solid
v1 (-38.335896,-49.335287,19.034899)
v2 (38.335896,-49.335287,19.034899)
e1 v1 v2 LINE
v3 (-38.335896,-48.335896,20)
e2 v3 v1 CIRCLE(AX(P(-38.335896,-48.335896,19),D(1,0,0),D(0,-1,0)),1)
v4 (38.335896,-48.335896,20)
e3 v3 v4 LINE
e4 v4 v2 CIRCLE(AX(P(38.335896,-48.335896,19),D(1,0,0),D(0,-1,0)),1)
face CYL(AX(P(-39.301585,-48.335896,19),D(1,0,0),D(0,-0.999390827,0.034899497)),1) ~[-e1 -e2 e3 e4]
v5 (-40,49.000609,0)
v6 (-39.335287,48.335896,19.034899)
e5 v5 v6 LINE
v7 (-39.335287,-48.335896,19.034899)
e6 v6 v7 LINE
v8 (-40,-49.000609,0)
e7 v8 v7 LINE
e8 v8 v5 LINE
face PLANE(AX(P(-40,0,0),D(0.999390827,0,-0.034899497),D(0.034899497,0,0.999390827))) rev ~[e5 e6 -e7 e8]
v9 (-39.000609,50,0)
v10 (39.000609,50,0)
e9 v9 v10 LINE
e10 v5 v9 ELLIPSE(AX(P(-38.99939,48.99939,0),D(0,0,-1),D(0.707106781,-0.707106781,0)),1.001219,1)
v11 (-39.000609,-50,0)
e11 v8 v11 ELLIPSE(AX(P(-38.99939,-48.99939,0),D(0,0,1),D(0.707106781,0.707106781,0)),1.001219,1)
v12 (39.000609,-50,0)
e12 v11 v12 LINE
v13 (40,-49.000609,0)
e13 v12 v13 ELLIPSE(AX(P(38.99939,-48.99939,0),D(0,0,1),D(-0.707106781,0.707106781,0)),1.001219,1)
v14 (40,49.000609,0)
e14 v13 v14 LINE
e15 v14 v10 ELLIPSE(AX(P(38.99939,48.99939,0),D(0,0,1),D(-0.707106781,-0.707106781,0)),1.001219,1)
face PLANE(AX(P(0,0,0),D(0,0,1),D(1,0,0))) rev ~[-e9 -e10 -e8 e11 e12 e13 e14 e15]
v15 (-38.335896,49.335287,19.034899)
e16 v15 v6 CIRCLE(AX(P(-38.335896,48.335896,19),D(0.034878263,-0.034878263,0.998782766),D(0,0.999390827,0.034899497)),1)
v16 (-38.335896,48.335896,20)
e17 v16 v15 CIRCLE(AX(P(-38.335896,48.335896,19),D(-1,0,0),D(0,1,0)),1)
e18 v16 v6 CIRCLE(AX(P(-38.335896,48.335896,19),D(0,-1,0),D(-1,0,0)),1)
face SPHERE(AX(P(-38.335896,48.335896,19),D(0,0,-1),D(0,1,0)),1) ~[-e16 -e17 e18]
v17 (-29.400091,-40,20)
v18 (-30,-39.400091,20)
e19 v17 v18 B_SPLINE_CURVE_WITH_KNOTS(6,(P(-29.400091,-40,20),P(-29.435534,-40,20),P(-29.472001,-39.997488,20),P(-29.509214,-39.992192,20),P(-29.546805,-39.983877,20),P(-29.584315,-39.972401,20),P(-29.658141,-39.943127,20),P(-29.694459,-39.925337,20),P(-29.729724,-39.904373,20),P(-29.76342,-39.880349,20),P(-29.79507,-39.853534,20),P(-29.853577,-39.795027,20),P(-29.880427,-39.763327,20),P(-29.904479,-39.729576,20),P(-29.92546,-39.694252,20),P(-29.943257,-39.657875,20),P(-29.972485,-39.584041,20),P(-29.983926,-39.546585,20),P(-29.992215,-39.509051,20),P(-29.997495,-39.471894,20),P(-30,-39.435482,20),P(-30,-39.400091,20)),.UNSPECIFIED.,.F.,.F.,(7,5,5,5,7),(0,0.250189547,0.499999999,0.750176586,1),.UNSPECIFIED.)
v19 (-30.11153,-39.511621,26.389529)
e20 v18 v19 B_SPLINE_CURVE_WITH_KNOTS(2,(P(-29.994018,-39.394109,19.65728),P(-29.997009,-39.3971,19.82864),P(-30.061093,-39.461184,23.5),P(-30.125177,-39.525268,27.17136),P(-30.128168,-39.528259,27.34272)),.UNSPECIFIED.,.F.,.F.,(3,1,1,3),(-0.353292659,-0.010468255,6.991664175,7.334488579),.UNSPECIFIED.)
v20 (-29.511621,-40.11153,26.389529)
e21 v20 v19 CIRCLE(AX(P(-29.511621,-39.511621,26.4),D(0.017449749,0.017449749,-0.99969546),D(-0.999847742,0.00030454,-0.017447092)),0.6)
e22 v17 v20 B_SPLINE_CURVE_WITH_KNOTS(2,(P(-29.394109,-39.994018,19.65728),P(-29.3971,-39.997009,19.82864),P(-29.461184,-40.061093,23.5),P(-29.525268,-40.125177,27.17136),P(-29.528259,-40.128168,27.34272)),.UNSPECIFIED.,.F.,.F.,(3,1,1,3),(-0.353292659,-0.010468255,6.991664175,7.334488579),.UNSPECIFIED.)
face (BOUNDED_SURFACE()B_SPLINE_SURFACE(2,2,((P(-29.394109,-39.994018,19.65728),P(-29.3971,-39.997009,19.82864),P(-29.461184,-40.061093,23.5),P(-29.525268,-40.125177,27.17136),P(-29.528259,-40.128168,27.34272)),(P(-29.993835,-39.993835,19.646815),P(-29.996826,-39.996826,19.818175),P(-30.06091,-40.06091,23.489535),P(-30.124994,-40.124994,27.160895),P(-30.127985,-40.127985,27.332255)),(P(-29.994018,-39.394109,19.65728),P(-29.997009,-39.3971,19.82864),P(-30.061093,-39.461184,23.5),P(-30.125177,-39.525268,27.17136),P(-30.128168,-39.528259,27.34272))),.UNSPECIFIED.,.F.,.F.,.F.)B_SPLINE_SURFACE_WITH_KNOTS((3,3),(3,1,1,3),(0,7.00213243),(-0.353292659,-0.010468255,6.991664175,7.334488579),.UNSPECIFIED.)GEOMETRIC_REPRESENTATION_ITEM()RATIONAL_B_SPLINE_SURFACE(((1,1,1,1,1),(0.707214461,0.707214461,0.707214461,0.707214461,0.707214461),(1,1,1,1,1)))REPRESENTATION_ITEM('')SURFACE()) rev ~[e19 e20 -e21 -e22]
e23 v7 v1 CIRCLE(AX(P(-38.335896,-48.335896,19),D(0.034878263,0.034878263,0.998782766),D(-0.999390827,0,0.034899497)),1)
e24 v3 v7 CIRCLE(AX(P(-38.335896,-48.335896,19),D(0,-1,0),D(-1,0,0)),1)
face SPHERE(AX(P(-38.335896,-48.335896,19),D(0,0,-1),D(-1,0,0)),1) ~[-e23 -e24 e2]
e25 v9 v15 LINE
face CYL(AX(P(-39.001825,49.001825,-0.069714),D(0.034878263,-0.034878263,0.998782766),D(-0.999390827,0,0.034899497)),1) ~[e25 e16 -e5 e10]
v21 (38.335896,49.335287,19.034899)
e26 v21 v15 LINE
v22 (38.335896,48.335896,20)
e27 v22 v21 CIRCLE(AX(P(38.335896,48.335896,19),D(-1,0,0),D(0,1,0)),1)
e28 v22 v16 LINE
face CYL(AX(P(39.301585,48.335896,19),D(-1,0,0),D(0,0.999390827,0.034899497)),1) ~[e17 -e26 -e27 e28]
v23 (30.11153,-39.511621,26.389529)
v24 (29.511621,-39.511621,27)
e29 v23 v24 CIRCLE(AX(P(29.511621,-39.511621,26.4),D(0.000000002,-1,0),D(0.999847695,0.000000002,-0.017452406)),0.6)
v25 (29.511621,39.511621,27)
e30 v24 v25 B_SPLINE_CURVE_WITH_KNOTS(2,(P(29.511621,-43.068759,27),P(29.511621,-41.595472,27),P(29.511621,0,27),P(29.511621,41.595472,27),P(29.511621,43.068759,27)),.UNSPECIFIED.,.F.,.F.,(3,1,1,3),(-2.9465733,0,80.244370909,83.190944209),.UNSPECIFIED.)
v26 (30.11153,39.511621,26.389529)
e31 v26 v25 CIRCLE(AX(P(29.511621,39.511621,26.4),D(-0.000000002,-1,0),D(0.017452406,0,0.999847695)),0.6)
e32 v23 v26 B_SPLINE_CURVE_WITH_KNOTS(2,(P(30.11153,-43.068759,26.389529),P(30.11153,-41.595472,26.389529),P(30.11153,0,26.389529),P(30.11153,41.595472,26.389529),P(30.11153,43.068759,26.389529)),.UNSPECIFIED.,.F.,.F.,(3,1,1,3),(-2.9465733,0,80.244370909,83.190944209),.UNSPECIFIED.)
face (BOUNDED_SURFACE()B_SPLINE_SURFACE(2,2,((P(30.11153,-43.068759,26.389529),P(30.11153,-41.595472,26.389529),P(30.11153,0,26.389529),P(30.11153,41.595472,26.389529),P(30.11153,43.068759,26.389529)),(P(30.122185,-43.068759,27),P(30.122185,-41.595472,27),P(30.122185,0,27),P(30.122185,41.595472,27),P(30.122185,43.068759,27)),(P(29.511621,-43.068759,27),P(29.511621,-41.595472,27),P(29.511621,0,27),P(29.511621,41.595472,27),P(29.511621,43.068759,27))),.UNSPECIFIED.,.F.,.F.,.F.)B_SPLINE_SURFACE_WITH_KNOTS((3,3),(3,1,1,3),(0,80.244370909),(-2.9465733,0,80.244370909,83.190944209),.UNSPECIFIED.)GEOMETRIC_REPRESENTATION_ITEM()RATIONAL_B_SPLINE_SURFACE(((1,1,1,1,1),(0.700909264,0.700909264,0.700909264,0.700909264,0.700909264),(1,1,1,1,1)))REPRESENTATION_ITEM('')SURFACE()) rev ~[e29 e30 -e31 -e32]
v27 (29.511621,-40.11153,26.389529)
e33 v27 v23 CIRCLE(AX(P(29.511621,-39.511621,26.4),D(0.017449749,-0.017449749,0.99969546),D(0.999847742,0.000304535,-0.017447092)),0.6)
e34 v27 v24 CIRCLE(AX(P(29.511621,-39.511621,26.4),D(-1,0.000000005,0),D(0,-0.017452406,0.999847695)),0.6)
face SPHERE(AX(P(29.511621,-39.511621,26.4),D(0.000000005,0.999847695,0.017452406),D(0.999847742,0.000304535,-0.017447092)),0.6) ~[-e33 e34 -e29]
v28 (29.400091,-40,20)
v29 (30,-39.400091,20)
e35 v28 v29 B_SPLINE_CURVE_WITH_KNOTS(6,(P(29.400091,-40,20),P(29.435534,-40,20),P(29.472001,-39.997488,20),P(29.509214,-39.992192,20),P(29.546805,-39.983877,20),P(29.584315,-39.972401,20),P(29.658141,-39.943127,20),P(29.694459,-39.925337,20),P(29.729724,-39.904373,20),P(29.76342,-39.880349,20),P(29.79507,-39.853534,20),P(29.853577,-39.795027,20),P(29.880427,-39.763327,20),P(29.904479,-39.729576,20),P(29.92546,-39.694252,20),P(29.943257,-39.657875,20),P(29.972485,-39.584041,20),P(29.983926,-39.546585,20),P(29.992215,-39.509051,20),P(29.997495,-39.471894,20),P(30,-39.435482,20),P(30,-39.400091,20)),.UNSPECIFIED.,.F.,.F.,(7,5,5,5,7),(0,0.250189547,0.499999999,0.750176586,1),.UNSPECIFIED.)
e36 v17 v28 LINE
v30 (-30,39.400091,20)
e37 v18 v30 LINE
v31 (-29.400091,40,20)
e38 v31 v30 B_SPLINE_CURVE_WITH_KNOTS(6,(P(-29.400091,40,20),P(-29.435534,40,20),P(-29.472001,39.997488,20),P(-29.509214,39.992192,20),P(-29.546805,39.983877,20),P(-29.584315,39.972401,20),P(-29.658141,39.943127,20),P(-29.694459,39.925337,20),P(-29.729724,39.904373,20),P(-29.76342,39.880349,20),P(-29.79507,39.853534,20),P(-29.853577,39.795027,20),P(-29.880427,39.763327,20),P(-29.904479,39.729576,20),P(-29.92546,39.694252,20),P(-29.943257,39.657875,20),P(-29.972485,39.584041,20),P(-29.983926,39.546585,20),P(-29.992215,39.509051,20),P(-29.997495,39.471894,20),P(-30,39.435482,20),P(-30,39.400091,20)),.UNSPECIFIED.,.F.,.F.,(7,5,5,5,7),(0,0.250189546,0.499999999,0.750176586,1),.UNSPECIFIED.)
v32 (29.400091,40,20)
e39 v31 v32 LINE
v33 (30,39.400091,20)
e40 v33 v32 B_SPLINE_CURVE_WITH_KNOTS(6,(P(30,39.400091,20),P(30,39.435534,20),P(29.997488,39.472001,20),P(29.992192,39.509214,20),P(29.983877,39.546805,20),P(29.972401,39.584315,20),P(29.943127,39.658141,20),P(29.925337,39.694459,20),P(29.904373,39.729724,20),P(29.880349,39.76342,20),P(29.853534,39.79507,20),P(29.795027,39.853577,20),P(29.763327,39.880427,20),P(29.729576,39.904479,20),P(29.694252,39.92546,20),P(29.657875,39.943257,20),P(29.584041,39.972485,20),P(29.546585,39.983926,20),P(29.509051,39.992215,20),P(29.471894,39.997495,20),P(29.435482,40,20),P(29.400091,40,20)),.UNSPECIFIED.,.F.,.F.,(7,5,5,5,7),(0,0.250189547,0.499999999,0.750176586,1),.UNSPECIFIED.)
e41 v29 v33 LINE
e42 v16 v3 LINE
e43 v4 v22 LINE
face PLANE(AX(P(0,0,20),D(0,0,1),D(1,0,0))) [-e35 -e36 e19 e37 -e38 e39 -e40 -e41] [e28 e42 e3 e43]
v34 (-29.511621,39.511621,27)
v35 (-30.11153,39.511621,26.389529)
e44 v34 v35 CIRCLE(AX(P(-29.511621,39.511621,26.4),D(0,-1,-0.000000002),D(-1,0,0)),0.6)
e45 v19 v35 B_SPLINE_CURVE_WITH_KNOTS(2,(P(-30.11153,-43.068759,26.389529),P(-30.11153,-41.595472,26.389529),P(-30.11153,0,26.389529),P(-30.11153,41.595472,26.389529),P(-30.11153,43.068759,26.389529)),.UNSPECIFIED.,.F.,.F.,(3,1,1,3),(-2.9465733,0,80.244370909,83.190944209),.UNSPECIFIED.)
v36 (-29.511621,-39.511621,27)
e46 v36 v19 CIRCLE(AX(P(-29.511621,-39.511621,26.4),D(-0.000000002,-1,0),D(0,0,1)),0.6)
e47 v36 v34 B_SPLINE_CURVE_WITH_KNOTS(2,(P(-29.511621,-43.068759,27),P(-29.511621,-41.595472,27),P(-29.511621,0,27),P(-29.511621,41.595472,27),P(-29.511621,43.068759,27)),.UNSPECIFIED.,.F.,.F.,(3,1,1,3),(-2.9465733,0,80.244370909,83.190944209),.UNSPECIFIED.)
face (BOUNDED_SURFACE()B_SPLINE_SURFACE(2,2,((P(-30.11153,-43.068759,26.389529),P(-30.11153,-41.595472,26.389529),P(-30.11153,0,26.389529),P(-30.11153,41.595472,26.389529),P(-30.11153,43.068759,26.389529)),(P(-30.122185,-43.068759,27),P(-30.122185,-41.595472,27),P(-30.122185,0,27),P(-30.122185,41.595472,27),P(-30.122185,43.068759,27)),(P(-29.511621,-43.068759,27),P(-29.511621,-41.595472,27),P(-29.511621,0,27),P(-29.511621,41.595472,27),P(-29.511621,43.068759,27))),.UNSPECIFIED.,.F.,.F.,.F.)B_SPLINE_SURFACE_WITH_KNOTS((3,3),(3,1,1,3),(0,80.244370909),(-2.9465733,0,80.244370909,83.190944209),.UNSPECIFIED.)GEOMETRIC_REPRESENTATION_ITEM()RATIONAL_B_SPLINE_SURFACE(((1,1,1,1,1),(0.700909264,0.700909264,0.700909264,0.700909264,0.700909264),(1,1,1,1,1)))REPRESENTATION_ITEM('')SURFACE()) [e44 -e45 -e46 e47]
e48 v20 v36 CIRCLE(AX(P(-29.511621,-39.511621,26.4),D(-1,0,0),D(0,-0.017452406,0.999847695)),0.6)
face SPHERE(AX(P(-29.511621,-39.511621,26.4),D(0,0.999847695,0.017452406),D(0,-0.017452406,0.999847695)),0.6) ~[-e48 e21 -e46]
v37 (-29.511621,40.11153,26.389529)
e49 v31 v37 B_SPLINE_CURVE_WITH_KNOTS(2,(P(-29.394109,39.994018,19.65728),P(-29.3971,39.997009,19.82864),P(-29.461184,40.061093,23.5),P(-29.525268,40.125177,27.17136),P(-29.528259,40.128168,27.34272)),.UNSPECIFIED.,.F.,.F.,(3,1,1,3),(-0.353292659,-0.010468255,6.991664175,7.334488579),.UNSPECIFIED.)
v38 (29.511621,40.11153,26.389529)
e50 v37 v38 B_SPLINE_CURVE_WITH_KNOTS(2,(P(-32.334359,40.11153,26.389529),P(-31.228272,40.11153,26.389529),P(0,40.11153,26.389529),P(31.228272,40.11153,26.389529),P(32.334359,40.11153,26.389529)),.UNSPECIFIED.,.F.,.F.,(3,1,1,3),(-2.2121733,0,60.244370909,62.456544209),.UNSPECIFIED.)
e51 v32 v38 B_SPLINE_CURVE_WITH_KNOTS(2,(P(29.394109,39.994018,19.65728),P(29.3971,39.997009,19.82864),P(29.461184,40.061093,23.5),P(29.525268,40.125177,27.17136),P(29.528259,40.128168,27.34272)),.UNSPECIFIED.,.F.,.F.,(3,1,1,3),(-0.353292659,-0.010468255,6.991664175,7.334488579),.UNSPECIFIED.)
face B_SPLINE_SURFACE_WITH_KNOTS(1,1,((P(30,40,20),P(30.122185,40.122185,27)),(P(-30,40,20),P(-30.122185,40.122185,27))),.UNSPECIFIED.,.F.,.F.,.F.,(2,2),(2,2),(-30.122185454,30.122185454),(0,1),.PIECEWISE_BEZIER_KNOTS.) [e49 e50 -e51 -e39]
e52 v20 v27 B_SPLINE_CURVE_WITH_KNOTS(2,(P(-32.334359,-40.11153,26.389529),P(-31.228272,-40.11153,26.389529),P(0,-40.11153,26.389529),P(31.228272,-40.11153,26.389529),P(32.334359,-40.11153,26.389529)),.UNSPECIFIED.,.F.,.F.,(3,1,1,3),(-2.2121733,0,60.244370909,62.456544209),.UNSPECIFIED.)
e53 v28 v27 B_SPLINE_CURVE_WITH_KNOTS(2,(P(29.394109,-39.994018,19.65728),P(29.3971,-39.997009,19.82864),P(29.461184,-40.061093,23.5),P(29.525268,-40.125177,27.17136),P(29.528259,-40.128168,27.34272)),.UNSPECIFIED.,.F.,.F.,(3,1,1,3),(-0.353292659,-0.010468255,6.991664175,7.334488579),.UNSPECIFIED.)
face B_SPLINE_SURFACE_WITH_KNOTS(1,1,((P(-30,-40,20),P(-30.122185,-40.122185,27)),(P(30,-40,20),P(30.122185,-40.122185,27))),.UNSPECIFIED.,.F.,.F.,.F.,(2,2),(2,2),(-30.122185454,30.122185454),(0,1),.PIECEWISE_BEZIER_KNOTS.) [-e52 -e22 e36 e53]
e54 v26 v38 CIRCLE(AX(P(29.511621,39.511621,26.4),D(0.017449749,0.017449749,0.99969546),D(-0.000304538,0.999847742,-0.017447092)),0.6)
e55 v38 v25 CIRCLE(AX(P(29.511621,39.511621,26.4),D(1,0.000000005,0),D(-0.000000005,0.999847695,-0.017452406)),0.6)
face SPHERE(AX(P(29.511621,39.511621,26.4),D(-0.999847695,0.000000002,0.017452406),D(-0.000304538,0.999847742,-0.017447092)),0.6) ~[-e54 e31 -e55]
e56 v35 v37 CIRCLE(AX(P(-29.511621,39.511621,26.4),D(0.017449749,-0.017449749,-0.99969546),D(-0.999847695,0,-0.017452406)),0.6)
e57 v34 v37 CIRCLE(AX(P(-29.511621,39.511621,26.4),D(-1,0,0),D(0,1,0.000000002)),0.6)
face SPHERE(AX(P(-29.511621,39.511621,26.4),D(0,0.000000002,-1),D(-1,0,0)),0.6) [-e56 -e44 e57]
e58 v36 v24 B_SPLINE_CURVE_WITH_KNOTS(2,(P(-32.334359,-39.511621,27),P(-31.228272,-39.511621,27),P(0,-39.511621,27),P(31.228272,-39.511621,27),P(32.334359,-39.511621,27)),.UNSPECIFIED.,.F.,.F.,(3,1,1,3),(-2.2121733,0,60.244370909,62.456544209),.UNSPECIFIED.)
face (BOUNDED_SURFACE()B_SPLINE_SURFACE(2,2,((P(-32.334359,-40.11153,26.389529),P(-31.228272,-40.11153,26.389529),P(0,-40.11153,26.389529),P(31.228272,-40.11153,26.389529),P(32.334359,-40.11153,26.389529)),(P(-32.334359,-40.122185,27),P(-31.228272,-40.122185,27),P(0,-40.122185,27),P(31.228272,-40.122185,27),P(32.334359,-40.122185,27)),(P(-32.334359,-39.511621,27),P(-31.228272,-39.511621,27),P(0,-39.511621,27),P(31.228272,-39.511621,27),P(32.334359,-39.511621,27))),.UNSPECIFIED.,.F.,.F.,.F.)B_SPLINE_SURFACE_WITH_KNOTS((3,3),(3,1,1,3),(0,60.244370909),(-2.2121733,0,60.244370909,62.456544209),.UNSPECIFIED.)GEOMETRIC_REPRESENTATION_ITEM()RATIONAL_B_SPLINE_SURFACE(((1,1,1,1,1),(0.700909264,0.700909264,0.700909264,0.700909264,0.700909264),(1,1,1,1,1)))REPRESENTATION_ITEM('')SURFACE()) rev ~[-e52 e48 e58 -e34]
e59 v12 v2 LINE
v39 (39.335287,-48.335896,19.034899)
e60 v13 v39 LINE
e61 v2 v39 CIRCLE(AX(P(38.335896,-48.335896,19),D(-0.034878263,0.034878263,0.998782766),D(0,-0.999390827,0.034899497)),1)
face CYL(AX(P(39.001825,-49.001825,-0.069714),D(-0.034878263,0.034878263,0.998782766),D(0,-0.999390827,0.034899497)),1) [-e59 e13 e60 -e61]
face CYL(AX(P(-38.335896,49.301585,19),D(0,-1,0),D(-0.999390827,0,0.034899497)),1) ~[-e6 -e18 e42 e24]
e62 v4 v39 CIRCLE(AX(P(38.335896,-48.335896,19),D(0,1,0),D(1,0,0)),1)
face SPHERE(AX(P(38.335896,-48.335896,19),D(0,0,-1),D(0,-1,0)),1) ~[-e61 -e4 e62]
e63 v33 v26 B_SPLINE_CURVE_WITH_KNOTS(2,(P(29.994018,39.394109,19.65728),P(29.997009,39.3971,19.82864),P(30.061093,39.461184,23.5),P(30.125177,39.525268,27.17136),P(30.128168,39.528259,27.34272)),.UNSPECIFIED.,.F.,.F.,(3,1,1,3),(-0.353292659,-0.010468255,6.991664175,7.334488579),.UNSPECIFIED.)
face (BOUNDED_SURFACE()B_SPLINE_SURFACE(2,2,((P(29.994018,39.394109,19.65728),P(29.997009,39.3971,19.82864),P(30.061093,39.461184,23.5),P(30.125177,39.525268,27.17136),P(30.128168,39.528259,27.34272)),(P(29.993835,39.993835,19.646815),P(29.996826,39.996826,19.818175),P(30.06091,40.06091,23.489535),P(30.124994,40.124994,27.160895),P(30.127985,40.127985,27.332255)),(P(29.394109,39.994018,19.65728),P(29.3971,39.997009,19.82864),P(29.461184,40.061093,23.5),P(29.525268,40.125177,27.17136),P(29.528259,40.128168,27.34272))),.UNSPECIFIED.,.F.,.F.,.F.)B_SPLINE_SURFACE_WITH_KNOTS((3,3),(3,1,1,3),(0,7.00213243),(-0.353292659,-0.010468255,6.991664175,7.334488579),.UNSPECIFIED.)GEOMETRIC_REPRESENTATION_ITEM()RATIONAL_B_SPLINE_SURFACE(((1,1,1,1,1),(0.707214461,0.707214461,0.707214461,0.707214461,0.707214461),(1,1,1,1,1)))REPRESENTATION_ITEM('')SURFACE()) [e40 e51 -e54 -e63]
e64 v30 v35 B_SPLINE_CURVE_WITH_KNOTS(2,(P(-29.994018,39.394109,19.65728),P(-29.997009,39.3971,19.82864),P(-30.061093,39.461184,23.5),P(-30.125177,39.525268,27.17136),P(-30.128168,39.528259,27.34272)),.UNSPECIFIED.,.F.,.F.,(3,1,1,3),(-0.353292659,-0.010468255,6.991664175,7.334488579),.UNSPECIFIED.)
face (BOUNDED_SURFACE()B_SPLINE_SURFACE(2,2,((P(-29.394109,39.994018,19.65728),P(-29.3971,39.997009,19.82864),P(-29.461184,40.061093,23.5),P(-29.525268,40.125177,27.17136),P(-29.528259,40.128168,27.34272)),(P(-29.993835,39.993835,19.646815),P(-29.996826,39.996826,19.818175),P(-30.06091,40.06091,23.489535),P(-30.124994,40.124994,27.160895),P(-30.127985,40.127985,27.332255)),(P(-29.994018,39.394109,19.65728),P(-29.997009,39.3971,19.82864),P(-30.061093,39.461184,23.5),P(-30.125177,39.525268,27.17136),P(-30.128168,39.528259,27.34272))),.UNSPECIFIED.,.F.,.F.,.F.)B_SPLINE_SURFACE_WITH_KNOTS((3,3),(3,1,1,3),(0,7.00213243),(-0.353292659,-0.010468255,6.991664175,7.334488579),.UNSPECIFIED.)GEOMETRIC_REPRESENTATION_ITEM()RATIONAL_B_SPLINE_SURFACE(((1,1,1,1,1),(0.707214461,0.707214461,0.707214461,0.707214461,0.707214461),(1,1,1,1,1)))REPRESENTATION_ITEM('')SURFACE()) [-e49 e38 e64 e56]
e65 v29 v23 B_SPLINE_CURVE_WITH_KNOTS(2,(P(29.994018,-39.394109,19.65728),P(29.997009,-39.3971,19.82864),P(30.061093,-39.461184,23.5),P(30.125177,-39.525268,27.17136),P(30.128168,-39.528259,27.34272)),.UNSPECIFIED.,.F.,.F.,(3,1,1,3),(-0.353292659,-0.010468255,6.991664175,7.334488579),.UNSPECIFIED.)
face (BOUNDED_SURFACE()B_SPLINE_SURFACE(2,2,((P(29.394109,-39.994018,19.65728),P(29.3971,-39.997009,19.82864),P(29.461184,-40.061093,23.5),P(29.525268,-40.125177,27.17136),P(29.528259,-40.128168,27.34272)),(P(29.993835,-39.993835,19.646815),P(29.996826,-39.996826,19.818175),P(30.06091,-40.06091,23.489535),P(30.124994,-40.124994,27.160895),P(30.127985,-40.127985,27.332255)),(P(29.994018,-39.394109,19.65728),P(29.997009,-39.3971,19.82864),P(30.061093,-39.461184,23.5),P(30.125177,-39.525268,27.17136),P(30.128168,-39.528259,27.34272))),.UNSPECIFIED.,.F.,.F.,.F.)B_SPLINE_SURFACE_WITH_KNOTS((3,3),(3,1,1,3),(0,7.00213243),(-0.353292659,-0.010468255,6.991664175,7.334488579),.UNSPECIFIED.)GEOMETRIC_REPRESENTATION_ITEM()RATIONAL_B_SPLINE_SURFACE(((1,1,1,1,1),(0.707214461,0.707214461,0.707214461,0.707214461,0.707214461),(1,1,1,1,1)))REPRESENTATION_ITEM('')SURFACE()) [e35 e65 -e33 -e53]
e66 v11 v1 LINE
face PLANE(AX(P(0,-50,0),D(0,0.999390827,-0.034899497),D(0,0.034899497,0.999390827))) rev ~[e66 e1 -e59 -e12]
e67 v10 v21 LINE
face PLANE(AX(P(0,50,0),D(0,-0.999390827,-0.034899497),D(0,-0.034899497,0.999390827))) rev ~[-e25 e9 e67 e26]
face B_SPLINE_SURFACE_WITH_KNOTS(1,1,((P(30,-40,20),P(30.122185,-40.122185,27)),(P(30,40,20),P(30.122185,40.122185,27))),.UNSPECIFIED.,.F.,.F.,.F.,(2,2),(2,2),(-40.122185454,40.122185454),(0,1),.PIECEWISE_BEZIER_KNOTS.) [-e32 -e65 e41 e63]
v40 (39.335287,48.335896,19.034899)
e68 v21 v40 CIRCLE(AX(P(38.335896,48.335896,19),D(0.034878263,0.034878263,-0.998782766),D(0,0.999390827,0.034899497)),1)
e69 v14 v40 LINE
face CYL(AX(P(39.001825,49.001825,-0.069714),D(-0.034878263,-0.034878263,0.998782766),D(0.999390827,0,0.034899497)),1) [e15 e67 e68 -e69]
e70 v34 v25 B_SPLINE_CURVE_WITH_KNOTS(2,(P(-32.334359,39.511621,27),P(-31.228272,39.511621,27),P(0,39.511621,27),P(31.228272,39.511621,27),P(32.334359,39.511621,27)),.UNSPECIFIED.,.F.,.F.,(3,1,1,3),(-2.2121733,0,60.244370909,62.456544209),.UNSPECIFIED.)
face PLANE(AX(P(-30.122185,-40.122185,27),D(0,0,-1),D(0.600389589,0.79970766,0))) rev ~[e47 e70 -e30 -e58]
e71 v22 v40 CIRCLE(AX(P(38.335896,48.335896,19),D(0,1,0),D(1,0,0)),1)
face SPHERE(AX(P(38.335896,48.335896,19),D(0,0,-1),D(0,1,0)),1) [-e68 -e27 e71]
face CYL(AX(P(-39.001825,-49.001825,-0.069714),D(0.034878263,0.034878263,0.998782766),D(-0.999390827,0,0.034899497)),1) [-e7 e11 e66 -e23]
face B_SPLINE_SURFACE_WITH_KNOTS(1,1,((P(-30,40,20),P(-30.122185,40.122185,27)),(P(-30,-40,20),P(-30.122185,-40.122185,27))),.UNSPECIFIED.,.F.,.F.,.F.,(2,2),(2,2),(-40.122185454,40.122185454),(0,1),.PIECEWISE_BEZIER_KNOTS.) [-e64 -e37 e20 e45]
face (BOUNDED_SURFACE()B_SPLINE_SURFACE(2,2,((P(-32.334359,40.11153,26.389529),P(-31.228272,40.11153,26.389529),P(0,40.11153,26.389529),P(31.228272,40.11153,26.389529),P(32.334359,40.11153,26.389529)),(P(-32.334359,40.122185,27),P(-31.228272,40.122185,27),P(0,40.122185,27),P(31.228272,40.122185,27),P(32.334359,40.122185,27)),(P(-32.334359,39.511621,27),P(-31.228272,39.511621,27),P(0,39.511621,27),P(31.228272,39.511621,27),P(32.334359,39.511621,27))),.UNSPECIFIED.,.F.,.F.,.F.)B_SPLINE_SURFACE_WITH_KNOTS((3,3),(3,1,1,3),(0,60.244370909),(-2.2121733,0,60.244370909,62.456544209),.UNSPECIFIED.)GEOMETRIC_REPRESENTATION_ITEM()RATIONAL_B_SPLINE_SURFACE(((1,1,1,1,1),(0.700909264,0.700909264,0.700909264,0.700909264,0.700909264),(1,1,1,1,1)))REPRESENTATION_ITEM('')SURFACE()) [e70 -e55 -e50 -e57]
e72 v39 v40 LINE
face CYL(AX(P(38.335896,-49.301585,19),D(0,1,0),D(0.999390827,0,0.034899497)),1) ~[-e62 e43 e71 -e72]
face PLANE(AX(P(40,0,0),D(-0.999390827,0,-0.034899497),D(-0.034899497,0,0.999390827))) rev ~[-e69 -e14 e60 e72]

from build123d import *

# Parameters (mm, degrees)
F0_W     = 80
F0_H     = 100
F1_DEPTH = 20
F1_TAPER = 2
F2_W     = 60
F2_H     = 80
F3_DEPTH = 7
F3_TAPER = -1
F4_R     = 1
F5_R     = 0.6


with BuildPart() as f1:
    # F0 (on Top) → F1 (new body)
    with BuildSketch(Plane.XY):
        Rectangle(F0_W, F0_H)
    extrude(amount=F1_DEPTH, taper=F1_TAPER)

    # F2 (on face) → F3 (join)
    with BuildSketch(Plane.XY.offset(20)):
        Rectangle(F2_W, F2_H)
    extrude(amount=F3_DEPTH, taper=F3_TAPER)

    # F4
    f4_edges = [f1.edges().sort_by_distance(p)[0] for p in [
        (-39.650792, 49.650792, 10),
        (39.650792, 49.650792, 10),
        (39.650792, -49.650792, 10),
        (-39.650792, -49.650792, 10),
        (0, 49.301585, 20),
        (-39.301585, 0, 20),
        (0, -49.301585, 20),
        (39.301585, 0, 20),
    ]]
    fillet(f4_edges, radius=F4_R)

    # F5
    f5_edges = [f1.edges().sort_by_distance(p)[0] for p in [
        (-30.061093, 40.061093, 23.5),
        (-30.122185, 0, 27),
        (0, 40.122185, 27),
        (30.061093, 40.061093, 23.5),
        (30.122185, 0, 27),
        (30.061093, -40.061093, 23.5),
        (0, -40.122185, 27),
        (-30.061093, -40.061093, 23.5),
    ]]
    fillet(f5_edges, radius=F5_R)


solid = f1.part
